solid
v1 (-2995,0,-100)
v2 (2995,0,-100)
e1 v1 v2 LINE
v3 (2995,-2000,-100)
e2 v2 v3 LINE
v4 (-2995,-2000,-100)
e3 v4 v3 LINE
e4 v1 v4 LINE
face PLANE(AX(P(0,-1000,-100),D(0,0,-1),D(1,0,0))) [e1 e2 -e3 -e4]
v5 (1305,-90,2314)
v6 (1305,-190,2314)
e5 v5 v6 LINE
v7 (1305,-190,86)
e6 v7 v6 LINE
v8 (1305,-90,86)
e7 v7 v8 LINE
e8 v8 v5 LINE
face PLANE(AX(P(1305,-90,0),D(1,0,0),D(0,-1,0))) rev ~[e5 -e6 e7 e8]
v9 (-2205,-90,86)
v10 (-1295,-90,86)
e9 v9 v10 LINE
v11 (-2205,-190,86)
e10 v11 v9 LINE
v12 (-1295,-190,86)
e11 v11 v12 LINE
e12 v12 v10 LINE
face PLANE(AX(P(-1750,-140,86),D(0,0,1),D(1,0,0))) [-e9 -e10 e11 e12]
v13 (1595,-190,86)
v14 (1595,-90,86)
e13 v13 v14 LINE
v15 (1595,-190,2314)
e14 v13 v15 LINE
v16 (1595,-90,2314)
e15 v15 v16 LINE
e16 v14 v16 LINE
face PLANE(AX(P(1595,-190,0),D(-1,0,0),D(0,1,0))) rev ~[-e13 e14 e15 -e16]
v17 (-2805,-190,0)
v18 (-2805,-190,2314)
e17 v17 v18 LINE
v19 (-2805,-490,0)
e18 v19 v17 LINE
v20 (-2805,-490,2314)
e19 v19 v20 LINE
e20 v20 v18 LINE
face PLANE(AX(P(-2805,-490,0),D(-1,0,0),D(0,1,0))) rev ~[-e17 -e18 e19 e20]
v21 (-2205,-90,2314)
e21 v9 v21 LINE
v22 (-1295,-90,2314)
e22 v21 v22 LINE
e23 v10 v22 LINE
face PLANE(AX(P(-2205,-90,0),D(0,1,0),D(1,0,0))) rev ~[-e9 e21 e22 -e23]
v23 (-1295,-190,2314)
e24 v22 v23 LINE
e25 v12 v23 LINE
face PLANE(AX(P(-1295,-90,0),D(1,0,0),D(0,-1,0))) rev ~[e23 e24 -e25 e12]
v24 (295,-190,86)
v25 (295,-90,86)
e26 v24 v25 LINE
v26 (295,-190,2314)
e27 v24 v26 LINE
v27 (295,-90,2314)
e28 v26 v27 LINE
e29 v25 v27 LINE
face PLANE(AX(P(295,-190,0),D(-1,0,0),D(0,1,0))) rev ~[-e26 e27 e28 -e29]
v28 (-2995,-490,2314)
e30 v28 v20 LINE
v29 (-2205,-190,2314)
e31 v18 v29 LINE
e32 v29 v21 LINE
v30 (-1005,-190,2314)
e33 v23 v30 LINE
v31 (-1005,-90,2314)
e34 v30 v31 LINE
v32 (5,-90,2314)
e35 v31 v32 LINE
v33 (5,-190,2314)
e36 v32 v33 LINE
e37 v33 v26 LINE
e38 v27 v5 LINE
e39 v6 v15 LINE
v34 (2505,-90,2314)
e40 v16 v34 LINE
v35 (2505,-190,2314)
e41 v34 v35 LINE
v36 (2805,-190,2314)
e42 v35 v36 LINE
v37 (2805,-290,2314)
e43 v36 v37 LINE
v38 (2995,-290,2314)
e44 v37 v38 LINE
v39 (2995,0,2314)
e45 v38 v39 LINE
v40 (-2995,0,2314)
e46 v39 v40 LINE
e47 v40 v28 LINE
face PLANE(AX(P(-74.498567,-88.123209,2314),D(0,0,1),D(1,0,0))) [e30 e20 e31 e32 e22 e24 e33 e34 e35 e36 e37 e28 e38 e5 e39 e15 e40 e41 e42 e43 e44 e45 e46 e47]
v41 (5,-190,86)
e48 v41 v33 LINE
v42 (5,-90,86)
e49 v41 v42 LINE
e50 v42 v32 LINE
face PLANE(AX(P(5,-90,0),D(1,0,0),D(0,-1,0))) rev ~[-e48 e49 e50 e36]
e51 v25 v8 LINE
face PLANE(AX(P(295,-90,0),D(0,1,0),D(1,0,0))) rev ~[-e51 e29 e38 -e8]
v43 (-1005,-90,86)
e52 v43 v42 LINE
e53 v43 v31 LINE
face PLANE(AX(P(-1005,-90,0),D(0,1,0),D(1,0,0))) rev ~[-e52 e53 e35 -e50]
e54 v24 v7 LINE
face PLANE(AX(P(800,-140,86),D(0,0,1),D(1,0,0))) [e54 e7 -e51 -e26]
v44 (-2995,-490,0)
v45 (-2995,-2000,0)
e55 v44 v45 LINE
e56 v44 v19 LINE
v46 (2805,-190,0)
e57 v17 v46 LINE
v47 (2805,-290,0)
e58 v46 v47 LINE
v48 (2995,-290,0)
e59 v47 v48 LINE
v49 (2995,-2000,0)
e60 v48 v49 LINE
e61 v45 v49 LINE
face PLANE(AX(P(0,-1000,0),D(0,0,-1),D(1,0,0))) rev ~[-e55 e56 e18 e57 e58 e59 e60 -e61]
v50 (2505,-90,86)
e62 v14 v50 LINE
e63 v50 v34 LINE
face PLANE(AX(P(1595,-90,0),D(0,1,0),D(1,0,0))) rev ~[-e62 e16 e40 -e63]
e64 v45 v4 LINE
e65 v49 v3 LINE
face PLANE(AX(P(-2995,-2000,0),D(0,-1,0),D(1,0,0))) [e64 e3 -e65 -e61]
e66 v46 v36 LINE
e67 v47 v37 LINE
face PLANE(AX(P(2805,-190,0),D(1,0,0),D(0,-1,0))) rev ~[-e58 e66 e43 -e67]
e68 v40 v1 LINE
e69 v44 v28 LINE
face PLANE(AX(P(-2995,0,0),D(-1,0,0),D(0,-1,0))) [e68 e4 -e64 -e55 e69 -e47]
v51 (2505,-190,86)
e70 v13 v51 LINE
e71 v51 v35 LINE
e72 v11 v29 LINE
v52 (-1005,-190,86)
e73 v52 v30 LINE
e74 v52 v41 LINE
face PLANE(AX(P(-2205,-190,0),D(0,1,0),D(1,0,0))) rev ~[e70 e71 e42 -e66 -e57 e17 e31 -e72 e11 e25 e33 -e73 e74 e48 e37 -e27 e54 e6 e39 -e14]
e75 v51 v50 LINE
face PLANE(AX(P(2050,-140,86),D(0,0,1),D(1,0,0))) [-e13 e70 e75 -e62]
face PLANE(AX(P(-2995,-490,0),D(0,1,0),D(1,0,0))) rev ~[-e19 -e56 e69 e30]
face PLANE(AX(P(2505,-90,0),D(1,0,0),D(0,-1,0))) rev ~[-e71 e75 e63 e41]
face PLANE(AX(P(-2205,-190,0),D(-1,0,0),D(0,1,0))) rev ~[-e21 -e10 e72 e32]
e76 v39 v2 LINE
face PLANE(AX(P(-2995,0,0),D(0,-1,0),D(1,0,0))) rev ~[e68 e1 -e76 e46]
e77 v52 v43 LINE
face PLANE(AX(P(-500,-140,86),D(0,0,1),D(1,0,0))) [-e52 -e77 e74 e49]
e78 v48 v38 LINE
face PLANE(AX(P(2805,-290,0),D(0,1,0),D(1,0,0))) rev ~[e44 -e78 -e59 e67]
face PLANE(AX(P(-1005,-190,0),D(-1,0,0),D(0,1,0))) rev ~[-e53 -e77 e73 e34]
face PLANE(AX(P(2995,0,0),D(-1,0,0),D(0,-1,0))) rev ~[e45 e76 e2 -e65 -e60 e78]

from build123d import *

# Parameters (mm, degrees)
F1_DEPTH = 2314
F2_W     = 5990
F2_H     = 2000
F3_DEPTH = 100
F4_W     = 910
F4_H     = 100
F4_W_2   = 1010
F5_DEPTH = 86


with BuildPart() as f1:
    # F0 (on Top) → F1 (new body)
    with BuildSketch(Plane.XY):
        Polygon((2995, -290), (2995, 0), (-2995, 0), (-2995, -490), (-2805, -490), (-2805, -190), (-2205, -190), (-2205, -90), (-1295, -90), (-1295, -190), (-1005, -190), (-1005, -90), (5, -90), (5, -190), (295, -190), (295, -90), (1305, -90), (1305, -190), (1595, -190), (1595, -90), (2505, -90), (2505, -190), (2805, -190), (2805, -290), align=None)
    extrude(amount=F1_DEPTH)

    # F2 (on face) → F3 (join)
    with BuildSketch(Plane(origin=(0, 0, 0), x_dir=(1, 0, 0), z_dir=(0, 0, -1))):
        with Locations((0, 1000)):
            Rectangle(F2_W, F2_H)
    extrude(amount=F3_DEPTH)

    # F4 (on face) → F5 (join)
    with BuildSketch(Plane.XY):
        with Locations((-1750, -140)):
            Rectangle(F4_W, F4_H)
        with Locations((-500, -140)):
            Rectangle(F4_W_2, F4_H)
        with Locations((800, -140)):
            Rectangle(F4_W_2, F4_H)
        with Locations((2050, -140)):
            Rectangle(F4_W, F4_H)
    extrude(amount=F5_DEPTH)


solid = f1.part
